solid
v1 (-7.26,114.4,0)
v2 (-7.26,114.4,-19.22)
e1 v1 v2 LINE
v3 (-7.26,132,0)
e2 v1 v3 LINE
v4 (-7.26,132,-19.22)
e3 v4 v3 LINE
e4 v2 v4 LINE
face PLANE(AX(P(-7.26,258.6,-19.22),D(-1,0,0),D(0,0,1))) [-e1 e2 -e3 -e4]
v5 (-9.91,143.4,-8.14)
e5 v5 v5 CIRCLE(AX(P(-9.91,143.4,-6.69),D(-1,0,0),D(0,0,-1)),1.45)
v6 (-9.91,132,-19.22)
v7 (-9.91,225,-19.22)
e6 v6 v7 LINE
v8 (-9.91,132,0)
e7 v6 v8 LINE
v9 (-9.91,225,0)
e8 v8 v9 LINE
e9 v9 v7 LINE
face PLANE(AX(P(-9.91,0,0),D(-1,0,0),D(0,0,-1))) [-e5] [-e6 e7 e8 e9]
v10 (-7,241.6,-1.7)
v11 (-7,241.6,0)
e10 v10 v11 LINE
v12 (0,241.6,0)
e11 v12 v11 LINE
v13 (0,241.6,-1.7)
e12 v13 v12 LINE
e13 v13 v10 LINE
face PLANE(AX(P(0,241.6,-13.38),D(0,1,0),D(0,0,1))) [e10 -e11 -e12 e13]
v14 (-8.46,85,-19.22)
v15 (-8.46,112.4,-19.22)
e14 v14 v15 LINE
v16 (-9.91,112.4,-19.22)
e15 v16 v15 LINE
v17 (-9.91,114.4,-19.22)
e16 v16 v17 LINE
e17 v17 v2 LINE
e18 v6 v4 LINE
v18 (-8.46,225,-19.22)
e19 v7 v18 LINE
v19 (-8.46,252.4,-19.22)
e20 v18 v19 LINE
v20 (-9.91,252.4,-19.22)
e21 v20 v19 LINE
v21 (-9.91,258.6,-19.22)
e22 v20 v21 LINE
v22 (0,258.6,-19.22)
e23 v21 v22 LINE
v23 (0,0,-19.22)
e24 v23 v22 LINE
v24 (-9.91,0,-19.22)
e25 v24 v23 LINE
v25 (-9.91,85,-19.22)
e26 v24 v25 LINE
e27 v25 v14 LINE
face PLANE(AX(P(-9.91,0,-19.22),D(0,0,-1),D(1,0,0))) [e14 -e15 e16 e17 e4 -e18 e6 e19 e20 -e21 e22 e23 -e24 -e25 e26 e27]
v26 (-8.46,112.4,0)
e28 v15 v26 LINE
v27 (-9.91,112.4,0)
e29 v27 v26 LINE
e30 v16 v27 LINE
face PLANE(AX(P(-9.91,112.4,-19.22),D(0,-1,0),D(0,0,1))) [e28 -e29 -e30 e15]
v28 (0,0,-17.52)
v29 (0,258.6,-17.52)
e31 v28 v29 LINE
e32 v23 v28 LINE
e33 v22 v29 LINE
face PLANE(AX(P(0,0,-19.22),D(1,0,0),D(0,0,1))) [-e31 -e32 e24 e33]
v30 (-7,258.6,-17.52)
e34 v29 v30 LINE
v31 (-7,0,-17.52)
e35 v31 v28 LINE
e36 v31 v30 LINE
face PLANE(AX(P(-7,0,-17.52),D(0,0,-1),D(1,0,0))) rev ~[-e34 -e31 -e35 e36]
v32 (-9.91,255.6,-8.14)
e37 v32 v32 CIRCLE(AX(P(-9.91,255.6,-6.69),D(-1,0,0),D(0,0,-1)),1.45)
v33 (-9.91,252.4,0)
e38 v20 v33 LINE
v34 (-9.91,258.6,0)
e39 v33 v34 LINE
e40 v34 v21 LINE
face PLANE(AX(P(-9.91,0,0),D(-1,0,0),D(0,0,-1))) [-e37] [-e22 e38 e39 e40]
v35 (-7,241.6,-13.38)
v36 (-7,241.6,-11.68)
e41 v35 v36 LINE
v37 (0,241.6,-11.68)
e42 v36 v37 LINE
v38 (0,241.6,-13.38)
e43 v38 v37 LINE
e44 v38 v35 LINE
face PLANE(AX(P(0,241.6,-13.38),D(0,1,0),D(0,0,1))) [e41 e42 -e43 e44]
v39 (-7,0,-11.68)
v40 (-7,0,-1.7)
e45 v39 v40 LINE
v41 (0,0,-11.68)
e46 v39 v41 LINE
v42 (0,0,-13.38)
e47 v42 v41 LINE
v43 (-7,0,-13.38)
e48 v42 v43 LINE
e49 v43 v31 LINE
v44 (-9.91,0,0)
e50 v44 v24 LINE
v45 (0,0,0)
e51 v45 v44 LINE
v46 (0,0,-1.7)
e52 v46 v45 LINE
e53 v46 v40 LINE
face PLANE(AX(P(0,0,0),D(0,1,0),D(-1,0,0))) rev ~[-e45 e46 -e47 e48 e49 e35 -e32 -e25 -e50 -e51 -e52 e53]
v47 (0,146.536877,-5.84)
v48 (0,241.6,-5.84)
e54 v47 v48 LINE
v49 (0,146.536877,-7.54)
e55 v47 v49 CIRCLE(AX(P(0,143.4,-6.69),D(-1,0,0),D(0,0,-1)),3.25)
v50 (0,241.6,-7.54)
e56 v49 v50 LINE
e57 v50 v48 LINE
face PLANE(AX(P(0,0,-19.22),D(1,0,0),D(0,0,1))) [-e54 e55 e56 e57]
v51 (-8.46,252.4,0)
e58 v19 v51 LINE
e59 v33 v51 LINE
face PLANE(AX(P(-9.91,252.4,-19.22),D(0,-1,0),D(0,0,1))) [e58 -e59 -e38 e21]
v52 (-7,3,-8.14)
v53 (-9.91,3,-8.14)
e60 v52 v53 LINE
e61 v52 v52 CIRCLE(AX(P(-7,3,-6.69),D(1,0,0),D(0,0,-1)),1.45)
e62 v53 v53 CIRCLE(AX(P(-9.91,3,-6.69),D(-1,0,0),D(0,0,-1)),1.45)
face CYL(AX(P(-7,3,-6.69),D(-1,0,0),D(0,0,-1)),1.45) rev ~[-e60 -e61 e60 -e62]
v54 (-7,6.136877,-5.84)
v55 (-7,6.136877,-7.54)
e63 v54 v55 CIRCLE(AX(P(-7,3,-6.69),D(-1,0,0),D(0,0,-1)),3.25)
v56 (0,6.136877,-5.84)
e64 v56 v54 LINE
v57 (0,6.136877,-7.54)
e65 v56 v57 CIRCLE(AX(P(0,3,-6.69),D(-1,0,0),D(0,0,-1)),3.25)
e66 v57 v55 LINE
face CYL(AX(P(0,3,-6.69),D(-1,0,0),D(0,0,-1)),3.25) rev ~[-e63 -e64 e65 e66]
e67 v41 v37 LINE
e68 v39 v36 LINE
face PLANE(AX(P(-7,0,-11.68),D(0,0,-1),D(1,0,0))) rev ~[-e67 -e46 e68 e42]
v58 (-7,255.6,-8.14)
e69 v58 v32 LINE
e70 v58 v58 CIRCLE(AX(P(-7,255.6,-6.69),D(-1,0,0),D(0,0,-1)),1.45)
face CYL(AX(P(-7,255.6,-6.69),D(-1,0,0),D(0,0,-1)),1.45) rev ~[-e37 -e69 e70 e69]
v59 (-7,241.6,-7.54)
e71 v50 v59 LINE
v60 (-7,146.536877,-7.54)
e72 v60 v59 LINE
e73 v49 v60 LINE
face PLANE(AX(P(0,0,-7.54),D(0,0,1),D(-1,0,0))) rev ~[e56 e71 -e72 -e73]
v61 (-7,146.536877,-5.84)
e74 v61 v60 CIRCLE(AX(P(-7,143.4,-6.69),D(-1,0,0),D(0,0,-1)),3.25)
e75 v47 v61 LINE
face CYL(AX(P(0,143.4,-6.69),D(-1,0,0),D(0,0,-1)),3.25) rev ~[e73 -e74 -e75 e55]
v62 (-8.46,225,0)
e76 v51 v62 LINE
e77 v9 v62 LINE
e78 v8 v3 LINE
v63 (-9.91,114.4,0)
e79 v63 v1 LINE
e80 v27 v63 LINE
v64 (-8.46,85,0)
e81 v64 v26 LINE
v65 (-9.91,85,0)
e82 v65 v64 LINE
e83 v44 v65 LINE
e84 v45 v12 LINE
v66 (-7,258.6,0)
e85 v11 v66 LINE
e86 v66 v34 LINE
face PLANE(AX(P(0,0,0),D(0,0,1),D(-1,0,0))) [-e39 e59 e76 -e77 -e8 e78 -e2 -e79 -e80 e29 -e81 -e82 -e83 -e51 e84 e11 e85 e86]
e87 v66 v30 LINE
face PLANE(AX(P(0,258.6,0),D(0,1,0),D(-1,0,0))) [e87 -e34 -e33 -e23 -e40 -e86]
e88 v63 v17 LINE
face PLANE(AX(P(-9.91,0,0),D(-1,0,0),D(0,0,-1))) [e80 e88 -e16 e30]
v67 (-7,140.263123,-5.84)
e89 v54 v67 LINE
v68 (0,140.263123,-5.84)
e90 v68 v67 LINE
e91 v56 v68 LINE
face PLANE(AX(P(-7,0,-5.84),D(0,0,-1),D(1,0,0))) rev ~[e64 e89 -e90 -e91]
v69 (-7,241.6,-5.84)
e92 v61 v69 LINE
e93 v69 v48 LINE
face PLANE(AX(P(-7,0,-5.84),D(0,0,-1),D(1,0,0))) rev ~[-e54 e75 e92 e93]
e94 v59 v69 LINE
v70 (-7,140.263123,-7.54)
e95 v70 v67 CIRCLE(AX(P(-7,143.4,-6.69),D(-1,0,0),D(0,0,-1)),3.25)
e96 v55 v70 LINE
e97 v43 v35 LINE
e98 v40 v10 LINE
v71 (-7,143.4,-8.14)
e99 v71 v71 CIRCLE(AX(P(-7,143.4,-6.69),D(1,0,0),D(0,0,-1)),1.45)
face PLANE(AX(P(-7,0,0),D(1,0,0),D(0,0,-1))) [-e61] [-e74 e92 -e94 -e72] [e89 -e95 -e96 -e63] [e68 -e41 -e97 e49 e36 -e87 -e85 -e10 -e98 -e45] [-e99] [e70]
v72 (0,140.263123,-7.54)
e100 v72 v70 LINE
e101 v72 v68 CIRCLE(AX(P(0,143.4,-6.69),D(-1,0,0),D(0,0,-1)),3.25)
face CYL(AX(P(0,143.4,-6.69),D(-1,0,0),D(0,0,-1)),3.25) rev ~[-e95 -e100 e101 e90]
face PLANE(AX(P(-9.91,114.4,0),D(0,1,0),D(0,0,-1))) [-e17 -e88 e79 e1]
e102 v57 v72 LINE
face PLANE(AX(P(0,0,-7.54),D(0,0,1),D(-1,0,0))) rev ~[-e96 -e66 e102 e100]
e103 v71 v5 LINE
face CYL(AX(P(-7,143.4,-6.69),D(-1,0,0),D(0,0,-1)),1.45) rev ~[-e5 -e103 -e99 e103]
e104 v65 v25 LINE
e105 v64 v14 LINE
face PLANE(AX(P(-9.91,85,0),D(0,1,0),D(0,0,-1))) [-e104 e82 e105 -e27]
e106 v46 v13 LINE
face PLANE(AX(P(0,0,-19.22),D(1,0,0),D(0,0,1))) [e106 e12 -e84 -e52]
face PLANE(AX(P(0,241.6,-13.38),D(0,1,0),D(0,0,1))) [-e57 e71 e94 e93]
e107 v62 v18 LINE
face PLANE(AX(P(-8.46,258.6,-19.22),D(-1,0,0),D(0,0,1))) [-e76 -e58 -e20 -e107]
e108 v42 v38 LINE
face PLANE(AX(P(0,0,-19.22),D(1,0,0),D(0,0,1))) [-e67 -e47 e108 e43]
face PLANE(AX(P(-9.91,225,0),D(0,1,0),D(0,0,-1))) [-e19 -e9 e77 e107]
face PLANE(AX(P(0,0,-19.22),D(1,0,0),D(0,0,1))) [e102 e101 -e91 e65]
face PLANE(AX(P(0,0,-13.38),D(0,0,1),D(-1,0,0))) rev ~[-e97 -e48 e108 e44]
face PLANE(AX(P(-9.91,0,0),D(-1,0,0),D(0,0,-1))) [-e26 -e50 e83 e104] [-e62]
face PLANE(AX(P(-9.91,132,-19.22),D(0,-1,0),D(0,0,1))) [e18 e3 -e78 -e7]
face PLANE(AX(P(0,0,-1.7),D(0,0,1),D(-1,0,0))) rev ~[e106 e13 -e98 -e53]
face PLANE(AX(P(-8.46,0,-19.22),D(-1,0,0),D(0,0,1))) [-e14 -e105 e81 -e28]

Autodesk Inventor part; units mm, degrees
ref_plane "YZ Plane" through (0, 0, 0) normal (1, 0, 0) x (0, 1, 0)
ref_plane "XZ Plane" through (0, 0, 0) normal (0, 1, 0) x (-1, 0, 0)
ref_plane "XY Plane" through (0, 0, 0) normal (0, 0, 1) x (1, 0, 0)
sketch "Sketch1" plane through (0, 0, 0) normal (0, 1, 0) x (-1, 0, 0)
  line L0 (0, 0) -> (9.91, 0)
  line L1 (9.91, 0) -> (9.91, -19.22)
  line L2 (9.91, -19.22) -> (0, -19.22)
  line L3 (0, -19.22) -> (0, 0)
  dimension "d0" = 19.22
  dimension "d1" = 9.91
extrude "Extrusion1" add sketch "Sketch1" along normal blind 258.6
sketch "Sketch2" plane through (0, 0, 0) normal (0, -1, 0) x (1, 0, 0)
  line L0 (0, -1.7) -> (-7, -1.7)
  line L1 (-7, -1.7) -> (-7, -5.84)
  line L2 (-7, -5.84) -> (0, -5.84)
  line L3 (0, -5.84) -> (0, -1.7)
  line L4 (0, 0) -> (-9.91, 0) projected
  line L5 (0, -19.22) -> (0, 0) projected
  dimension "d31" = 1.7
  dimension "d32" = 4.14
  dimension "d33" = 7
extrude "Extrusion2" cut sketch "Sketch2" against normal through all
sketch "Sketch3" plane through (0, 0, 0) normal (0, -1, 0) x (1, 0, 0)
  line L0 (0, -7.54) -> (-7, -7.54)
  line L1 (-7, -7.54) -> (-7, -11.68)
  line L2 (-7, -11.68) -> (0, -11.68)
  line L3 (0, -11.68) -> (0, -7.54)
  line L4 (0, -5.84) -> (-7, -5.84) projected
  line L5 (-7, -5.84) -> (-7, -1.7) projected
  point P0 (0, 0)
  dimension "d39" = 1.7
  dimension "d40" = 4.14
extrude "Extrusion3" cut sketch "Sketch3" against normal through all
sketch "Sketch4" plane through (0, 0, 0) normal (0, -1, 0) x (1, 0, 0)
  line L0 (0, -13.38) -> (-7, -13.38)
  line L1 (-7, -13.38) -> (-7, -17.52)
  line L2 (-7, -17.52) -> (0, -17.52)
  line L3 (0, -17.52) -> (0, -13.38)
  line L4 (0, -11.68) -> (-7, -11.68) projected
  line L5 (-7, -11.68) -> (-7, -7.54) projected
  point P0 (0, 0)
  dimension "d43" = 1.7
  dimension "d44" = 4.14
extrude "Extrusion4" cut sketch "Sketch4" against normal through all
hole "Hole7" at (0, 3, -6.69) direction (-1, 0, 0) diameter 2.9 end through all counterbore diameter 6.5 counterbore depth 7 clearance for "Socket Head Cap Screw" size "M2.5" standard "Ansi Metric M Profile"
hole "Hole8" at (0, 143.4, -6.69) direction (-1, 0, 0) diameter 2.9 end through all counterbore diameter 6.5 counterbore depth 7 clearance for "Socket Head Cap Screw" size "M2.5" standard "Ansi Metric M Profile"
sketch "Sketch5" plane through (0, 0, 0) normal (1, 0, 0) x (0, 0, -1)
  line L0 (0, 0) -> (0, 258.6) projected
  line L1 (13.38, 0) -> (13.38, 258.6) projected
  line L2 (0, 258.6) -> (13.38, 258.6)
  line L3 (13.38, 258.6) -> (13.38, 241.6)
  line L4 (13.38, 241.6) -> (0, 241.6)
  line L5 (0, 241.6) -> (0, 258.6)
  point P0 (13.38, 146.5369)
  point P1 (13.38, 6.1369)
  dimension "d128" = 17
extrude "Extrusion5" cut sketch "Sketch5" against normal up to surface (7 mm away)
hole "Hole13" at (-7, 255.6, -6.69) direction (-1, 0, 0) diameter 2.9 end through all
sketch "Sketch6" plane through (-9.91, 0, -19.22) normal (-1, 0, 0) x (0, 0, 1)
  line L0 (0, 0) -> (0, 258.6) projected
  line L1 (19.22, 0) -> (19.22, 258.6) projected
  line L2 (0, 112.4) -> (19.22, 112.4)
  line L3 (19.22, 112.4) -> (19.22, 85)
  line L4 (19.22, 85) -> (0, 85)
  line L5 (0, 85) -> (0, 112.4)
  line L6 (19.22, 0) -> (0, 0) projected
  dimension "d149" = 85
  dimension "d150" = 112.4
extrude "Extrusion6" cut sketch "Sketch6" against normal blind 1.45 contours L0 L2 L1 L4
sketch "Sketch7" plane through (-9.91, 258.6, -19.22) normal (-1, 0, 0) x (0, 0, 1)
  line L0 (0, -258.6) -> (0, 0) projected
  line L1 (19.22, -258.6) -> (19.22, -17) projected
  line L2 (0, -126.6) -> (19.22, -126.6)
  line L3 (19.22, -126.6) -> (19.22, -144.2)
  line L4 (19.22, -144.2) -> (0, -144.2)
  line L5 (0, -144.2) -> (0, -126.6)
  line L6 (19.22, -258.6) -> (0, -258.6) projected
  dimension "d153" = 132
  dimension "d154" = 114.4
extrude "Extrusion7" cut sketch "Sketch7" against normal blind 2.65 contours L0 L2 L1 L4
sketch "Sketch8" plane through (-9.91, 258.6, -19.22) normal (-1, 0, 0) x (0, 0, 1)
  line L0 (0, -258.6) -> (0, 0) projected
  line L1 (19.22, -258.6) -> (19.22, -17) projected
  line L2 (0, -6.2) -> (19.22, -6.2)
  line L3 (19.22, -6.2) -> (19.22, -33.6)
  line L4 (19.22, -33.6) -> (0, -33.6)
  line L5 (0, -33.6) -> (0, -6.2)
  line L6 (19.22, -258.6) -> (0, -258.6) projected
  dimension "d157" = 225
  dimension "d158" = 252.4
extrude "Extrusion8" cut sketch "Sketch8" against normal blind 1.45 contours L0 L2 L3 L1 L4
properties part number "6089-110_FF_left_heatsink"
